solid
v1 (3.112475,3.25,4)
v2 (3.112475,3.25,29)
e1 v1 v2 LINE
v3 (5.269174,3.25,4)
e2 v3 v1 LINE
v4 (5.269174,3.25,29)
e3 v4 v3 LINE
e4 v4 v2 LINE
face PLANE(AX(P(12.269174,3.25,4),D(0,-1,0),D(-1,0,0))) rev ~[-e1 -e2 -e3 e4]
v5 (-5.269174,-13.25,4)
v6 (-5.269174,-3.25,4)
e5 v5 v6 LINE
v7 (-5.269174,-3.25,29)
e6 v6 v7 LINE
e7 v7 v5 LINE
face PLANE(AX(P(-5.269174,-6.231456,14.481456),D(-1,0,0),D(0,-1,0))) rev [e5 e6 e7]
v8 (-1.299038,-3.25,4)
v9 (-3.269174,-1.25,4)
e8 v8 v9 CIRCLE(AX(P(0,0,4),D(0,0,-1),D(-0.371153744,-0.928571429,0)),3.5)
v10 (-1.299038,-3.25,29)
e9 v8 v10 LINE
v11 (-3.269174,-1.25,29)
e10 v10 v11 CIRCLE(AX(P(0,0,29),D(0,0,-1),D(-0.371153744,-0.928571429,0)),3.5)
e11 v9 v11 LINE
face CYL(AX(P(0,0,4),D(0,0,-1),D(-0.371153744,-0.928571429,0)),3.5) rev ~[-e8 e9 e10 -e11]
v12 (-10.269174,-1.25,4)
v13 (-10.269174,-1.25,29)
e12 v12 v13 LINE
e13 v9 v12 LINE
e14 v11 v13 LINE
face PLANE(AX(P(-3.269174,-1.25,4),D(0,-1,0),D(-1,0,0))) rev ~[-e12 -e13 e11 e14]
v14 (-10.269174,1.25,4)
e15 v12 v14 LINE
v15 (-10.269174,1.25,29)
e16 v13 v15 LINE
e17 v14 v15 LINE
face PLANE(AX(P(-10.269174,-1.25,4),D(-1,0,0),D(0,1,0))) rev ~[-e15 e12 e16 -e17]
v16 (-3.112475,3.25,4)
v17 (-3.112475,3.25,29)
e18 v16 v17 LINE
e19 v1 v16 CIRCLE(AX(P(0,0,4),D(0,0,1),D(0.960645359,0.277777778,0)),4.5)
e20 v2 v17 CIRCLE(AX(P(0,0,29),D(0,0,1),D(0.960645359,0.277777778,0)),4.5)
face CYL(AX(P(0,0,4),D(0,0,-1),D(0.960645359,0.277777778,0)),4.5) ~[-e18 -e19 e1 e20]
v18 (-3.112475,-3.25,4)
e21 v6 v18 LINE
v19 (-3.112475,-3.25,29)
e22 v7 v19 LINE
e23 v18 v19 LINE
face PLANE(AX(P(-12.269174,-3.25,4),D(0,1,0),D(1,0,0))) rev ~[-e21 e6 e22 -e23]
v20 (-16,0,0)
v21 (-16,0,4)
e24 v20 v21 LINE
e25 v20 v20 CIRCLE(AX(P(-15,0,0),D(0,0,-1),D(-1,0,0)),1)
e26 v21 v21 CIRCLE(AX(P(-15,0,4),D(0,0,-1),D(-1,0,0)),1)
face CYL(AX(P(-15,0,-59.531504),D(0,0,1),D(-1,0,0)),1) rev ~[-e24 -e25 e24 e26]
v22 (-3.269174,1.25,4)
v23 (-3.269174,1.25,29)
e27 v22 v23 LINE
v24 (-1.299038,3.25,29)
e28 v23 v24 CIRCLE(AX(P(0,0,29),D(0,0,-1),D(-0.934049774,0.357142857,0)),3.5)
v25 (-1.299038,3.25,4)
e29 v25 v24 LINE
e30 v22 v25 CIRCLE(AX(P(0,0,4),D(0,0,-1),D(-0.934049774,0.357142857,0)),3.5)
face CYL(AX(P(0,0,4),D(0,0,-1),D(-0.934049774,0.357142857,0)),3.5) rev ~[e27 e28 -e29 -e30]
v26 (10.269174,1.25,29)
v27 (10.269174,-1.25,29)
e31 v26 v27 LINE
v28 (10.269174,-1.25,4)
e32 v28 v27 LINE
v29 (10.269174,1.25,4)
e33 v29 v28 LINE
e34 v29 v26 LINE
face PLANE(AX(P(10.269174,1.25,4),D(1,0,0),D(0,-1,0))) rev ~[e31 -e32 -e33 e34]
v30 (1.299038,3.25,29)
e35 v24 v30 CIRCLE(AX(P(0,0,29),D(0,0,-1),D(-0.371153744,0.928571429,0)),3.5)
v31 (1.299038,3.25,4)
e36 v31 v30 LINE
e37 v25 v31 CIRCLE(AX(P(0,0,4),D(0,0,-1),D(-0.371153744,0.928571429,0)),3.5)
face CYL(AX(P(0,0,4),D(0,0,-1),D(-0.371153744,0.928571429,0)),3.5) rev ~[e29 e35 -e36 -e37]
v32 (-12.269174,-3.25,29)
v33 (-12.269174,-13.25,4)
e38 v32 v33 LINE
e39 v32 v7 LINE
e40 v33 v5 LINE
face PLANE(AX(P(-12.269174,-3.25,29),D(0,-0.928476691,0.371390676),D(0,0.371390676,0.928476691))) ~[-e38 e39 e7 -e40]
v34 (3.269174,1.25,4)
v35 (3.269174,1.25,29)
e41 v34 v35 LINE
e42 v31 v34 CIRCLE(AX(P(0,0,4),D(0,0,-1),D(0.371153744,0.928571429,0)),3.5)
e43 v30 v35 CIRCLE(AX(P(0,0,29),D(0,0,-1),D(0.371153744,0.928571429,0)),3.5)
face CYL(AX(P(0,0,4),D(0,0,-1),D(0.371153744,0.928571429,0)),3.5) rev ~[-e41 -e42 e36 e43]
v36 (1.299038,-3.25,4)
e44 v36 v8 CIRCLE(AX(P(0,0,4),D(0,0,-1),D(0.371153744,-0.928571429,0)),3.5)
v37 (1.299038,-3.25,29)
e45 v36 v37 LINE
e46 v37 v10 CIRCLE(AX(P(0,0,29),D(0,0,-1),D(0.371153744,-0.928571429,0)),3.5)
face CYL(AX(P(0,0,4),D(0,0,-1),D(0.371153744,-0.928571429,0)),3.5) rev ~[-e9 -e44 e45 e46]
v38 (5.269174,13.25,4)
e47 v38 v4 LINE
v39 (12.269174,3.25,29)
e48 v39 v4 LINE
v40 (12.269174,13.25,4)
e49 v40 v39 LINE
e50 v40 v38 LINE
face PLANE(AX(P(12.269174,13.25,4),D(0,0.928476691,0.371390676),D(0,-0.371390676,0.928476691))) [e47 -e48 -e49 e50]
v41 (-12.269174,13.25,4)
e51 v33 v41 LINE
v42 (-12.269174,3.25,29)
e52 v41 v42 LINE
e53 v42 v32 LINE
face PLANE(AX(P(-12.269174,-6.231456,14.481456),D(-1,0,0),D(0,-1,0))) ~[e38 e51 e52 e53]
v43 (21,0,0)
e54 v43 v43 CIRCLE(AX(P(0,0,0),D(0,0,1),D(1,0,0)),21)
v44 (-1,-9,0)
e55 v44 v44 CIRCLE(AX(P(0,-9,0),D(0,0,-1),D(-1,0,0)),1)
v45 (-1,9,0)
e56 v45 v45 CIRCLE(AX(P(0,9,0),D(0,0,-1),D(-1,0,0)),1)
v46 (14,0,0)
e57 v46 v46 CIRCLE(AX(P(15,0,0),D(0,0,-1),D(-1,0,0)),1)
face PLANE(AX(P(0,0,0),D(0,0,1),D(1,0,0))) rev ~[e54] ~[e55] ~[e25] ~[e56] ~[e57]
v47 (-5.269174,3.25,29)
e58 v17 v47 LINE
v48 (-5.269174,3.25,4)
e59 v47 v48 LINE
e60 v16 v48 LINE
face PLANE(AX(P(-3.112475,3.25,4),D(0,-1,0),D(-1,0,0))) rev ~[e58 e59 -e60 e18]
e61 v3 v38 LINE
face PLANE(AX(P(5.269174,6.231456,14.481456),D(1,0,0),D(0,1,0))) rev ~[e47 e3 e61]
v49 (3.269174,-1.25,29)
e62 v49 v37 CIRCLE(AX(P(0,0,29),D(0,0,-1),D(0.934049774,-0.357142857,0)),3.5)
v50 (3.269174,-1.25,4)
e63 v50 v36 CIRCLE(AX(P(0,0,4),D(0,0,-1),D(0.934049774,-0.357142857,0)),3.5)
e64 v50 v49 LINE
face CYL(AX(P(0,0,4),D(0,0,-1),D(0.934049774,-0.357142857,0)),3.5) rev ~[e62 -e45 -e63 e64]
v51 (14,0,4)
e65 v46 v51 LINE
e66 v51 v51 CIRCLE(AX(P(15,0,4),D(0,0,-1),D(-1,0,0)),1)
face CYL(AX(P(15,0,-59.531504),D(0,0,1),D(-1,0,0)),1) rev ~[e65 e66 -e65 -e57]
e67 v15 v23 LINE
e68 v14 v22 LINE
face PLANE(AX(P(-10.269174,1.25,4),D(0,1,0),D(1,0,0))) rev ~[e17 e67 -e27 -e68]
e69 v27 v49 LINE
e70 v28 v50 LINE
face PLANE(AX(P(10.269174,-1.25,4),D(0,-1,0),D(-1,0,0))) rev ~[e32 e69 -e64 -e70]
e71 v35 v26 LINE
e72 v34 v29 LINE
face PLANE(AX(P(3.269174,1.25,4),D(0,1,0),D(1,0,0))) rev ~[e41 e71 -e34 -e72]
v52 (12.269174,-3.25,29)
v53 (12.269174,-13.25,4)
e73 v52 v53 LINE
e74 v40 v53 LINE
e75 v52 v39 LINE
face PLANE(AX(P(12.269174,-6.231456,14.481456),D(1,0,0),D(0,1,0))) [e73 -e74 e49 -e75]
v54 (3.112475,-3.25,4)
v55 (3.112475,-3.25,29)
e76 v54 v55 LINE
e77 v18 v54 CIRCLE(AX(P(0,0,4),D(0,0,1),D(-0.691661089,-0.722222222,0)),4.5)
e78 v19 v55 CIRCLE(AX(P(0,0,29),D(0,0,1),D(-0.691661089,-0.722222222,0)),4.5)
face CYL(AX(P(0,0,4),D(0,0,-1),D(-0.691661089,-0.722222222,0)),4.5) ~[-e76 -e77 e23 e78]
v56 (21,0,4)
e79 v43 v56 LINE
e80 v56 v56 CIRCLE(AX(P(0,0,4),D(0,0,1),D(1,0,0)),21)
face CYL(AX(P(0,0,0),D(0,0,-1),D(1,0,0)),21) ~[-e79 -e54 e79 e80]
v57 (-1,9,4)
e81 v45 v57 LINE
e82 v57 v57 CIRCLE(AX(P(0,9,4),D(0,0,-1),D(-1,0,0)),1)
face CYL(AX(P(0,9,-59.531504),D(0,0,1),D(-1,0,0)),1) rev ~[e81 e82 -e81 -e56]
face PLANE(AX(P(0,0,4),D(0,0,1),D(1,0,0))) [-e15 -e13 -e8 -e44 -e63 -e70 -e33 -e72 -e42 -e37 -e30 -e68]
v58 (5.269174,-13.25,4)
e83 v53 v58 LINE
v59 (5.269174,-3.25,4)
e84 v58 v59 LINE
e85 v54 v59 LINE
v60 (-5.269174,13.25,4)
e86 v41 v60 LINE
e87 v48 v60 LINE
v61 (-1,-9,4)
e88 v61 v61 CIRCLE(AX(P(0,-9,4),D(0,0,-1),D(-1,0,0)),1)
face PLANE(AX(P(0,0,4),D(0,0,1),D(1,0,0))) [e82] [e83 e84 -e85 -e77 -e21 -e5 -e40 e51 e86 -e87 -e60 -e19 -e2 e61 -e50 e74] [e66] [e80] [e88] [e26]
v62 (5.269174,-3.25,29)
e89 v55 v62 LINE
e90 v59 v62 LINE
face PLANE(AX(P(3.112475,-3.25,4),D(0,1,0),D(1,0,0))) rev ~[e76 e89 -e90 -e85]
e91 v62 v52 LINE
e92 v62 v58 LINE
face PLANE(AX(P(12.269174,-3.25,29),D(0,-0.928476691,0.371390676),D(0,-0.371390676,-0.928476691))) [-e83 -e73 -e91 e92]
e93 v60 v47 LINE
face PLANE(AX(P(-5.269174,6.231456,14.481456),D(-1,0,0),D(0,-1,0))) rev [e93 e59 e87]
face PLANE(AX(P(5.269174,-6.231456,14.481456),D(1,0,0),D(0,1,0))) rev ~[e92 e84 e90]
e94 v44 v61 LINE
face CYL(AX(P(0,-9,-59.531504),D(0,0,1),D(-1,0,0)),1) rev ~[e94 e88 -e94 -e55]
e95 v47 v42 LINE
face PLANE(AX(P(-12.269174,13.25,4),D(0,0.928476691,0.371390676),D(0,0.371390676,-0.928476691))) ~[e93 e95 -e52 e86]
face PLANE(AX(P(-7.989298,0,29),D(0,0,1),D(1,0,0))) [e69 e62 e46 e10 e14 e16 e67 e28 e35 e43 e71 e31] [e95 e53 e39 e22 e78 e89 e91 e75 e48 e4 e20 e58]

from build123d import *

# Parameters (mm, degrees)
F0_R     = 21
F1_DEPTH = 4
F2_D     = 2
F4_DEPTH = 25
F6_DEPTH = 7


with BuildPart() as f1:
    # F0 (on Top) → F1 (new body)
    with BuildSketch(Plane.XY):
        Circle(F0_R)
    extrude(amount=F1_DEPTH)

    # F2 (through all)
    with Locations(Plane(origin=(0, 0, 0), x_dir=(1, 0, 0), z_dir=(0, 0, -1))):
        with Locations((-15, 0), (0, 9), (0, -9), (15, 0)):
            Hole(F2_D / 2)

    # F3 (on face) → F4 (join)
    with BuildSketch(Plane.XY.offset(4)):
        with BuildLine():
            ThreePointArc((-4.3229041164, 1.25), (-3.8498331493, 2.3299752622), (-3.1124748995, 3.25))
            Line((-3.1124748995, 3.25), (-12.2691742077, 3.25))
            Line((-12.2691742077, 3.25), (-12.2691742077, -3.25))
            Line((-12.2691742077, -3.25), (-3.1124748995, -3.25))
            ThreePointArc((-3.1124748995, -3.25), (-3.8498331493, -2.3299752622), (-4.3229041164, -1.25))
            Line((-4.3229041164, -1.25), (-10.2691742077, -1.25))
            Line((-10.2691742077, -1.25), (-10.2691742077, 1.25))
            Line((-10.2691742077, 1.25), (-4.3229041164, 1.25))
        make_face()
        with BuildLine():
            ThreePointArc((-1.2990381057, 3.25), (0, 3.5), (1.2990381057, 3.25))
            Line((1.2990381057, 3.25), (3.1124748995, 3.25))
            ThreePointArc((3.1124748995, 3.25), (0, 4.5), (-3.1124748995, 3.25))
            Line((-3.1124748995, 3.25), (-1.2990381057, 3.25))
        make_face()
        with BuildLine():
            ThreePointArc((-3.2691742077, 1.25), (-2.4934195265, 2.4561879132), (-1.2990381057, 3.25))
            Line((-1.2990381057, 3.25), (-3.1124748995, 3.25))
            ThreePointArc((-3.1124748995, 3.25), (-3.8498331493, 2.3299752622), (-4.3229041164, 1.25))
            Line((-4.3229041164, 1.25), (-3.2691742077, 1.25))
        make_face()
        with BuildLine():
            Line((-3.1124748995, -3.25), (-1.2990381057, -3.25))
            ThreePointArc((-1.2990381057, -3.25), (-2.4934195265, -2.4561879132), (-3.2691742077, -1.25))
            Line((-3.2691742077, -1.25), (-4.3229041164, -1.25))
            ThreePointArc((-4.3229041164, -1.25), (-3.8498331493, -2.3299752622), (-3.1124748995, -3.25))
        make_face()
        with BuildLine():
            Line((3.1124748995, -3.25), (1.2990381057, -3.25))
            ThreePointArc((1.2990381057, -3.25), (0, -3.5), (-1.2990381057, -3.25))
            Line((-1.2990381057, -3.25), (-3.1124748995, -3.25))
            ThreePointArc((-3.1124748995, -3.25), (0, -4.5), (3.1124748995, -3.25))
        make_face()
        with BuildLine():
            Line((4.3229041164, -1.25), (3.2691742077, -1.25))
            ThreePointArc((3.2691742077, -1.25), (2.4934195265, -2.4561879132), (1.2990381057, -3.25))
            Line((1.2990381057, -3.25), (3.1124748995, -3.25))
            ThreePointArc((3.1124748995, -3.25), (3.8498331493, -2.3299752622), (4.3229041164, -1.25))
        make_face()
        with BuildLine():
            ThreePointArc((1.2990381057, 3.25), (2.4934195265, 2.4561879132), (3.2691742077, 1.25))
            Line((3.2691742077, 1.25), (4.3229041164, 1.25))
            ThreePointArc((4.3229041164, 1.25), (3.8498331493, 2.3299752622), (3.1124748995, 3.25))
            Line((3.1124748995, 3.25), (1.2990381057, 3.25))
        make_face()
        with BuildLine():
            ThreePointArc((3.1124748995, 3.25), (3.8498331493, 2.3299752622), (4.3229041164, 1.25))
            Line((4.3229041164, 1.25), (10.2691742077, 1.25))
            Line((10.2691742077, 1.25), (10.2691742077, -1.25))
            Line((10.2691742077, -1.25), (4.3229041164, -1.25))
            ThreePointArc((4.3229041164, -1.25), (3.8498331493, -2.3299752622), (3.1124748995, -3.25))
            Line((3.1124748995, -3.25), (12.2691742077, -3.25))
            Line((12.2691742077, -3.25), (12.2691742077, 3.25))
            Line((12.2691742077, 3.25), (3.1124748995, 3.25))
        make_face()
    extrude(amount=F4_DEPTH)

    # F5 (on face) → F6 (join)
    with BuildSketch(Plane.YZ.offset(12.2691742077)):
        Polygon((-3.25, 4), (-3.25, 29), (-13.25, 4), align=None)
        Polygon((13.25, 4), (3.25, 29), (3.25, 4), align=None)
    extrude(amount=-F6_DEPTH)

    # F7: F1 across plane


with BuildPart() as f1_1:
    add(f1.part)
    add(f1.part.mirror(Plane.YZ))


solid = f1_1.part
